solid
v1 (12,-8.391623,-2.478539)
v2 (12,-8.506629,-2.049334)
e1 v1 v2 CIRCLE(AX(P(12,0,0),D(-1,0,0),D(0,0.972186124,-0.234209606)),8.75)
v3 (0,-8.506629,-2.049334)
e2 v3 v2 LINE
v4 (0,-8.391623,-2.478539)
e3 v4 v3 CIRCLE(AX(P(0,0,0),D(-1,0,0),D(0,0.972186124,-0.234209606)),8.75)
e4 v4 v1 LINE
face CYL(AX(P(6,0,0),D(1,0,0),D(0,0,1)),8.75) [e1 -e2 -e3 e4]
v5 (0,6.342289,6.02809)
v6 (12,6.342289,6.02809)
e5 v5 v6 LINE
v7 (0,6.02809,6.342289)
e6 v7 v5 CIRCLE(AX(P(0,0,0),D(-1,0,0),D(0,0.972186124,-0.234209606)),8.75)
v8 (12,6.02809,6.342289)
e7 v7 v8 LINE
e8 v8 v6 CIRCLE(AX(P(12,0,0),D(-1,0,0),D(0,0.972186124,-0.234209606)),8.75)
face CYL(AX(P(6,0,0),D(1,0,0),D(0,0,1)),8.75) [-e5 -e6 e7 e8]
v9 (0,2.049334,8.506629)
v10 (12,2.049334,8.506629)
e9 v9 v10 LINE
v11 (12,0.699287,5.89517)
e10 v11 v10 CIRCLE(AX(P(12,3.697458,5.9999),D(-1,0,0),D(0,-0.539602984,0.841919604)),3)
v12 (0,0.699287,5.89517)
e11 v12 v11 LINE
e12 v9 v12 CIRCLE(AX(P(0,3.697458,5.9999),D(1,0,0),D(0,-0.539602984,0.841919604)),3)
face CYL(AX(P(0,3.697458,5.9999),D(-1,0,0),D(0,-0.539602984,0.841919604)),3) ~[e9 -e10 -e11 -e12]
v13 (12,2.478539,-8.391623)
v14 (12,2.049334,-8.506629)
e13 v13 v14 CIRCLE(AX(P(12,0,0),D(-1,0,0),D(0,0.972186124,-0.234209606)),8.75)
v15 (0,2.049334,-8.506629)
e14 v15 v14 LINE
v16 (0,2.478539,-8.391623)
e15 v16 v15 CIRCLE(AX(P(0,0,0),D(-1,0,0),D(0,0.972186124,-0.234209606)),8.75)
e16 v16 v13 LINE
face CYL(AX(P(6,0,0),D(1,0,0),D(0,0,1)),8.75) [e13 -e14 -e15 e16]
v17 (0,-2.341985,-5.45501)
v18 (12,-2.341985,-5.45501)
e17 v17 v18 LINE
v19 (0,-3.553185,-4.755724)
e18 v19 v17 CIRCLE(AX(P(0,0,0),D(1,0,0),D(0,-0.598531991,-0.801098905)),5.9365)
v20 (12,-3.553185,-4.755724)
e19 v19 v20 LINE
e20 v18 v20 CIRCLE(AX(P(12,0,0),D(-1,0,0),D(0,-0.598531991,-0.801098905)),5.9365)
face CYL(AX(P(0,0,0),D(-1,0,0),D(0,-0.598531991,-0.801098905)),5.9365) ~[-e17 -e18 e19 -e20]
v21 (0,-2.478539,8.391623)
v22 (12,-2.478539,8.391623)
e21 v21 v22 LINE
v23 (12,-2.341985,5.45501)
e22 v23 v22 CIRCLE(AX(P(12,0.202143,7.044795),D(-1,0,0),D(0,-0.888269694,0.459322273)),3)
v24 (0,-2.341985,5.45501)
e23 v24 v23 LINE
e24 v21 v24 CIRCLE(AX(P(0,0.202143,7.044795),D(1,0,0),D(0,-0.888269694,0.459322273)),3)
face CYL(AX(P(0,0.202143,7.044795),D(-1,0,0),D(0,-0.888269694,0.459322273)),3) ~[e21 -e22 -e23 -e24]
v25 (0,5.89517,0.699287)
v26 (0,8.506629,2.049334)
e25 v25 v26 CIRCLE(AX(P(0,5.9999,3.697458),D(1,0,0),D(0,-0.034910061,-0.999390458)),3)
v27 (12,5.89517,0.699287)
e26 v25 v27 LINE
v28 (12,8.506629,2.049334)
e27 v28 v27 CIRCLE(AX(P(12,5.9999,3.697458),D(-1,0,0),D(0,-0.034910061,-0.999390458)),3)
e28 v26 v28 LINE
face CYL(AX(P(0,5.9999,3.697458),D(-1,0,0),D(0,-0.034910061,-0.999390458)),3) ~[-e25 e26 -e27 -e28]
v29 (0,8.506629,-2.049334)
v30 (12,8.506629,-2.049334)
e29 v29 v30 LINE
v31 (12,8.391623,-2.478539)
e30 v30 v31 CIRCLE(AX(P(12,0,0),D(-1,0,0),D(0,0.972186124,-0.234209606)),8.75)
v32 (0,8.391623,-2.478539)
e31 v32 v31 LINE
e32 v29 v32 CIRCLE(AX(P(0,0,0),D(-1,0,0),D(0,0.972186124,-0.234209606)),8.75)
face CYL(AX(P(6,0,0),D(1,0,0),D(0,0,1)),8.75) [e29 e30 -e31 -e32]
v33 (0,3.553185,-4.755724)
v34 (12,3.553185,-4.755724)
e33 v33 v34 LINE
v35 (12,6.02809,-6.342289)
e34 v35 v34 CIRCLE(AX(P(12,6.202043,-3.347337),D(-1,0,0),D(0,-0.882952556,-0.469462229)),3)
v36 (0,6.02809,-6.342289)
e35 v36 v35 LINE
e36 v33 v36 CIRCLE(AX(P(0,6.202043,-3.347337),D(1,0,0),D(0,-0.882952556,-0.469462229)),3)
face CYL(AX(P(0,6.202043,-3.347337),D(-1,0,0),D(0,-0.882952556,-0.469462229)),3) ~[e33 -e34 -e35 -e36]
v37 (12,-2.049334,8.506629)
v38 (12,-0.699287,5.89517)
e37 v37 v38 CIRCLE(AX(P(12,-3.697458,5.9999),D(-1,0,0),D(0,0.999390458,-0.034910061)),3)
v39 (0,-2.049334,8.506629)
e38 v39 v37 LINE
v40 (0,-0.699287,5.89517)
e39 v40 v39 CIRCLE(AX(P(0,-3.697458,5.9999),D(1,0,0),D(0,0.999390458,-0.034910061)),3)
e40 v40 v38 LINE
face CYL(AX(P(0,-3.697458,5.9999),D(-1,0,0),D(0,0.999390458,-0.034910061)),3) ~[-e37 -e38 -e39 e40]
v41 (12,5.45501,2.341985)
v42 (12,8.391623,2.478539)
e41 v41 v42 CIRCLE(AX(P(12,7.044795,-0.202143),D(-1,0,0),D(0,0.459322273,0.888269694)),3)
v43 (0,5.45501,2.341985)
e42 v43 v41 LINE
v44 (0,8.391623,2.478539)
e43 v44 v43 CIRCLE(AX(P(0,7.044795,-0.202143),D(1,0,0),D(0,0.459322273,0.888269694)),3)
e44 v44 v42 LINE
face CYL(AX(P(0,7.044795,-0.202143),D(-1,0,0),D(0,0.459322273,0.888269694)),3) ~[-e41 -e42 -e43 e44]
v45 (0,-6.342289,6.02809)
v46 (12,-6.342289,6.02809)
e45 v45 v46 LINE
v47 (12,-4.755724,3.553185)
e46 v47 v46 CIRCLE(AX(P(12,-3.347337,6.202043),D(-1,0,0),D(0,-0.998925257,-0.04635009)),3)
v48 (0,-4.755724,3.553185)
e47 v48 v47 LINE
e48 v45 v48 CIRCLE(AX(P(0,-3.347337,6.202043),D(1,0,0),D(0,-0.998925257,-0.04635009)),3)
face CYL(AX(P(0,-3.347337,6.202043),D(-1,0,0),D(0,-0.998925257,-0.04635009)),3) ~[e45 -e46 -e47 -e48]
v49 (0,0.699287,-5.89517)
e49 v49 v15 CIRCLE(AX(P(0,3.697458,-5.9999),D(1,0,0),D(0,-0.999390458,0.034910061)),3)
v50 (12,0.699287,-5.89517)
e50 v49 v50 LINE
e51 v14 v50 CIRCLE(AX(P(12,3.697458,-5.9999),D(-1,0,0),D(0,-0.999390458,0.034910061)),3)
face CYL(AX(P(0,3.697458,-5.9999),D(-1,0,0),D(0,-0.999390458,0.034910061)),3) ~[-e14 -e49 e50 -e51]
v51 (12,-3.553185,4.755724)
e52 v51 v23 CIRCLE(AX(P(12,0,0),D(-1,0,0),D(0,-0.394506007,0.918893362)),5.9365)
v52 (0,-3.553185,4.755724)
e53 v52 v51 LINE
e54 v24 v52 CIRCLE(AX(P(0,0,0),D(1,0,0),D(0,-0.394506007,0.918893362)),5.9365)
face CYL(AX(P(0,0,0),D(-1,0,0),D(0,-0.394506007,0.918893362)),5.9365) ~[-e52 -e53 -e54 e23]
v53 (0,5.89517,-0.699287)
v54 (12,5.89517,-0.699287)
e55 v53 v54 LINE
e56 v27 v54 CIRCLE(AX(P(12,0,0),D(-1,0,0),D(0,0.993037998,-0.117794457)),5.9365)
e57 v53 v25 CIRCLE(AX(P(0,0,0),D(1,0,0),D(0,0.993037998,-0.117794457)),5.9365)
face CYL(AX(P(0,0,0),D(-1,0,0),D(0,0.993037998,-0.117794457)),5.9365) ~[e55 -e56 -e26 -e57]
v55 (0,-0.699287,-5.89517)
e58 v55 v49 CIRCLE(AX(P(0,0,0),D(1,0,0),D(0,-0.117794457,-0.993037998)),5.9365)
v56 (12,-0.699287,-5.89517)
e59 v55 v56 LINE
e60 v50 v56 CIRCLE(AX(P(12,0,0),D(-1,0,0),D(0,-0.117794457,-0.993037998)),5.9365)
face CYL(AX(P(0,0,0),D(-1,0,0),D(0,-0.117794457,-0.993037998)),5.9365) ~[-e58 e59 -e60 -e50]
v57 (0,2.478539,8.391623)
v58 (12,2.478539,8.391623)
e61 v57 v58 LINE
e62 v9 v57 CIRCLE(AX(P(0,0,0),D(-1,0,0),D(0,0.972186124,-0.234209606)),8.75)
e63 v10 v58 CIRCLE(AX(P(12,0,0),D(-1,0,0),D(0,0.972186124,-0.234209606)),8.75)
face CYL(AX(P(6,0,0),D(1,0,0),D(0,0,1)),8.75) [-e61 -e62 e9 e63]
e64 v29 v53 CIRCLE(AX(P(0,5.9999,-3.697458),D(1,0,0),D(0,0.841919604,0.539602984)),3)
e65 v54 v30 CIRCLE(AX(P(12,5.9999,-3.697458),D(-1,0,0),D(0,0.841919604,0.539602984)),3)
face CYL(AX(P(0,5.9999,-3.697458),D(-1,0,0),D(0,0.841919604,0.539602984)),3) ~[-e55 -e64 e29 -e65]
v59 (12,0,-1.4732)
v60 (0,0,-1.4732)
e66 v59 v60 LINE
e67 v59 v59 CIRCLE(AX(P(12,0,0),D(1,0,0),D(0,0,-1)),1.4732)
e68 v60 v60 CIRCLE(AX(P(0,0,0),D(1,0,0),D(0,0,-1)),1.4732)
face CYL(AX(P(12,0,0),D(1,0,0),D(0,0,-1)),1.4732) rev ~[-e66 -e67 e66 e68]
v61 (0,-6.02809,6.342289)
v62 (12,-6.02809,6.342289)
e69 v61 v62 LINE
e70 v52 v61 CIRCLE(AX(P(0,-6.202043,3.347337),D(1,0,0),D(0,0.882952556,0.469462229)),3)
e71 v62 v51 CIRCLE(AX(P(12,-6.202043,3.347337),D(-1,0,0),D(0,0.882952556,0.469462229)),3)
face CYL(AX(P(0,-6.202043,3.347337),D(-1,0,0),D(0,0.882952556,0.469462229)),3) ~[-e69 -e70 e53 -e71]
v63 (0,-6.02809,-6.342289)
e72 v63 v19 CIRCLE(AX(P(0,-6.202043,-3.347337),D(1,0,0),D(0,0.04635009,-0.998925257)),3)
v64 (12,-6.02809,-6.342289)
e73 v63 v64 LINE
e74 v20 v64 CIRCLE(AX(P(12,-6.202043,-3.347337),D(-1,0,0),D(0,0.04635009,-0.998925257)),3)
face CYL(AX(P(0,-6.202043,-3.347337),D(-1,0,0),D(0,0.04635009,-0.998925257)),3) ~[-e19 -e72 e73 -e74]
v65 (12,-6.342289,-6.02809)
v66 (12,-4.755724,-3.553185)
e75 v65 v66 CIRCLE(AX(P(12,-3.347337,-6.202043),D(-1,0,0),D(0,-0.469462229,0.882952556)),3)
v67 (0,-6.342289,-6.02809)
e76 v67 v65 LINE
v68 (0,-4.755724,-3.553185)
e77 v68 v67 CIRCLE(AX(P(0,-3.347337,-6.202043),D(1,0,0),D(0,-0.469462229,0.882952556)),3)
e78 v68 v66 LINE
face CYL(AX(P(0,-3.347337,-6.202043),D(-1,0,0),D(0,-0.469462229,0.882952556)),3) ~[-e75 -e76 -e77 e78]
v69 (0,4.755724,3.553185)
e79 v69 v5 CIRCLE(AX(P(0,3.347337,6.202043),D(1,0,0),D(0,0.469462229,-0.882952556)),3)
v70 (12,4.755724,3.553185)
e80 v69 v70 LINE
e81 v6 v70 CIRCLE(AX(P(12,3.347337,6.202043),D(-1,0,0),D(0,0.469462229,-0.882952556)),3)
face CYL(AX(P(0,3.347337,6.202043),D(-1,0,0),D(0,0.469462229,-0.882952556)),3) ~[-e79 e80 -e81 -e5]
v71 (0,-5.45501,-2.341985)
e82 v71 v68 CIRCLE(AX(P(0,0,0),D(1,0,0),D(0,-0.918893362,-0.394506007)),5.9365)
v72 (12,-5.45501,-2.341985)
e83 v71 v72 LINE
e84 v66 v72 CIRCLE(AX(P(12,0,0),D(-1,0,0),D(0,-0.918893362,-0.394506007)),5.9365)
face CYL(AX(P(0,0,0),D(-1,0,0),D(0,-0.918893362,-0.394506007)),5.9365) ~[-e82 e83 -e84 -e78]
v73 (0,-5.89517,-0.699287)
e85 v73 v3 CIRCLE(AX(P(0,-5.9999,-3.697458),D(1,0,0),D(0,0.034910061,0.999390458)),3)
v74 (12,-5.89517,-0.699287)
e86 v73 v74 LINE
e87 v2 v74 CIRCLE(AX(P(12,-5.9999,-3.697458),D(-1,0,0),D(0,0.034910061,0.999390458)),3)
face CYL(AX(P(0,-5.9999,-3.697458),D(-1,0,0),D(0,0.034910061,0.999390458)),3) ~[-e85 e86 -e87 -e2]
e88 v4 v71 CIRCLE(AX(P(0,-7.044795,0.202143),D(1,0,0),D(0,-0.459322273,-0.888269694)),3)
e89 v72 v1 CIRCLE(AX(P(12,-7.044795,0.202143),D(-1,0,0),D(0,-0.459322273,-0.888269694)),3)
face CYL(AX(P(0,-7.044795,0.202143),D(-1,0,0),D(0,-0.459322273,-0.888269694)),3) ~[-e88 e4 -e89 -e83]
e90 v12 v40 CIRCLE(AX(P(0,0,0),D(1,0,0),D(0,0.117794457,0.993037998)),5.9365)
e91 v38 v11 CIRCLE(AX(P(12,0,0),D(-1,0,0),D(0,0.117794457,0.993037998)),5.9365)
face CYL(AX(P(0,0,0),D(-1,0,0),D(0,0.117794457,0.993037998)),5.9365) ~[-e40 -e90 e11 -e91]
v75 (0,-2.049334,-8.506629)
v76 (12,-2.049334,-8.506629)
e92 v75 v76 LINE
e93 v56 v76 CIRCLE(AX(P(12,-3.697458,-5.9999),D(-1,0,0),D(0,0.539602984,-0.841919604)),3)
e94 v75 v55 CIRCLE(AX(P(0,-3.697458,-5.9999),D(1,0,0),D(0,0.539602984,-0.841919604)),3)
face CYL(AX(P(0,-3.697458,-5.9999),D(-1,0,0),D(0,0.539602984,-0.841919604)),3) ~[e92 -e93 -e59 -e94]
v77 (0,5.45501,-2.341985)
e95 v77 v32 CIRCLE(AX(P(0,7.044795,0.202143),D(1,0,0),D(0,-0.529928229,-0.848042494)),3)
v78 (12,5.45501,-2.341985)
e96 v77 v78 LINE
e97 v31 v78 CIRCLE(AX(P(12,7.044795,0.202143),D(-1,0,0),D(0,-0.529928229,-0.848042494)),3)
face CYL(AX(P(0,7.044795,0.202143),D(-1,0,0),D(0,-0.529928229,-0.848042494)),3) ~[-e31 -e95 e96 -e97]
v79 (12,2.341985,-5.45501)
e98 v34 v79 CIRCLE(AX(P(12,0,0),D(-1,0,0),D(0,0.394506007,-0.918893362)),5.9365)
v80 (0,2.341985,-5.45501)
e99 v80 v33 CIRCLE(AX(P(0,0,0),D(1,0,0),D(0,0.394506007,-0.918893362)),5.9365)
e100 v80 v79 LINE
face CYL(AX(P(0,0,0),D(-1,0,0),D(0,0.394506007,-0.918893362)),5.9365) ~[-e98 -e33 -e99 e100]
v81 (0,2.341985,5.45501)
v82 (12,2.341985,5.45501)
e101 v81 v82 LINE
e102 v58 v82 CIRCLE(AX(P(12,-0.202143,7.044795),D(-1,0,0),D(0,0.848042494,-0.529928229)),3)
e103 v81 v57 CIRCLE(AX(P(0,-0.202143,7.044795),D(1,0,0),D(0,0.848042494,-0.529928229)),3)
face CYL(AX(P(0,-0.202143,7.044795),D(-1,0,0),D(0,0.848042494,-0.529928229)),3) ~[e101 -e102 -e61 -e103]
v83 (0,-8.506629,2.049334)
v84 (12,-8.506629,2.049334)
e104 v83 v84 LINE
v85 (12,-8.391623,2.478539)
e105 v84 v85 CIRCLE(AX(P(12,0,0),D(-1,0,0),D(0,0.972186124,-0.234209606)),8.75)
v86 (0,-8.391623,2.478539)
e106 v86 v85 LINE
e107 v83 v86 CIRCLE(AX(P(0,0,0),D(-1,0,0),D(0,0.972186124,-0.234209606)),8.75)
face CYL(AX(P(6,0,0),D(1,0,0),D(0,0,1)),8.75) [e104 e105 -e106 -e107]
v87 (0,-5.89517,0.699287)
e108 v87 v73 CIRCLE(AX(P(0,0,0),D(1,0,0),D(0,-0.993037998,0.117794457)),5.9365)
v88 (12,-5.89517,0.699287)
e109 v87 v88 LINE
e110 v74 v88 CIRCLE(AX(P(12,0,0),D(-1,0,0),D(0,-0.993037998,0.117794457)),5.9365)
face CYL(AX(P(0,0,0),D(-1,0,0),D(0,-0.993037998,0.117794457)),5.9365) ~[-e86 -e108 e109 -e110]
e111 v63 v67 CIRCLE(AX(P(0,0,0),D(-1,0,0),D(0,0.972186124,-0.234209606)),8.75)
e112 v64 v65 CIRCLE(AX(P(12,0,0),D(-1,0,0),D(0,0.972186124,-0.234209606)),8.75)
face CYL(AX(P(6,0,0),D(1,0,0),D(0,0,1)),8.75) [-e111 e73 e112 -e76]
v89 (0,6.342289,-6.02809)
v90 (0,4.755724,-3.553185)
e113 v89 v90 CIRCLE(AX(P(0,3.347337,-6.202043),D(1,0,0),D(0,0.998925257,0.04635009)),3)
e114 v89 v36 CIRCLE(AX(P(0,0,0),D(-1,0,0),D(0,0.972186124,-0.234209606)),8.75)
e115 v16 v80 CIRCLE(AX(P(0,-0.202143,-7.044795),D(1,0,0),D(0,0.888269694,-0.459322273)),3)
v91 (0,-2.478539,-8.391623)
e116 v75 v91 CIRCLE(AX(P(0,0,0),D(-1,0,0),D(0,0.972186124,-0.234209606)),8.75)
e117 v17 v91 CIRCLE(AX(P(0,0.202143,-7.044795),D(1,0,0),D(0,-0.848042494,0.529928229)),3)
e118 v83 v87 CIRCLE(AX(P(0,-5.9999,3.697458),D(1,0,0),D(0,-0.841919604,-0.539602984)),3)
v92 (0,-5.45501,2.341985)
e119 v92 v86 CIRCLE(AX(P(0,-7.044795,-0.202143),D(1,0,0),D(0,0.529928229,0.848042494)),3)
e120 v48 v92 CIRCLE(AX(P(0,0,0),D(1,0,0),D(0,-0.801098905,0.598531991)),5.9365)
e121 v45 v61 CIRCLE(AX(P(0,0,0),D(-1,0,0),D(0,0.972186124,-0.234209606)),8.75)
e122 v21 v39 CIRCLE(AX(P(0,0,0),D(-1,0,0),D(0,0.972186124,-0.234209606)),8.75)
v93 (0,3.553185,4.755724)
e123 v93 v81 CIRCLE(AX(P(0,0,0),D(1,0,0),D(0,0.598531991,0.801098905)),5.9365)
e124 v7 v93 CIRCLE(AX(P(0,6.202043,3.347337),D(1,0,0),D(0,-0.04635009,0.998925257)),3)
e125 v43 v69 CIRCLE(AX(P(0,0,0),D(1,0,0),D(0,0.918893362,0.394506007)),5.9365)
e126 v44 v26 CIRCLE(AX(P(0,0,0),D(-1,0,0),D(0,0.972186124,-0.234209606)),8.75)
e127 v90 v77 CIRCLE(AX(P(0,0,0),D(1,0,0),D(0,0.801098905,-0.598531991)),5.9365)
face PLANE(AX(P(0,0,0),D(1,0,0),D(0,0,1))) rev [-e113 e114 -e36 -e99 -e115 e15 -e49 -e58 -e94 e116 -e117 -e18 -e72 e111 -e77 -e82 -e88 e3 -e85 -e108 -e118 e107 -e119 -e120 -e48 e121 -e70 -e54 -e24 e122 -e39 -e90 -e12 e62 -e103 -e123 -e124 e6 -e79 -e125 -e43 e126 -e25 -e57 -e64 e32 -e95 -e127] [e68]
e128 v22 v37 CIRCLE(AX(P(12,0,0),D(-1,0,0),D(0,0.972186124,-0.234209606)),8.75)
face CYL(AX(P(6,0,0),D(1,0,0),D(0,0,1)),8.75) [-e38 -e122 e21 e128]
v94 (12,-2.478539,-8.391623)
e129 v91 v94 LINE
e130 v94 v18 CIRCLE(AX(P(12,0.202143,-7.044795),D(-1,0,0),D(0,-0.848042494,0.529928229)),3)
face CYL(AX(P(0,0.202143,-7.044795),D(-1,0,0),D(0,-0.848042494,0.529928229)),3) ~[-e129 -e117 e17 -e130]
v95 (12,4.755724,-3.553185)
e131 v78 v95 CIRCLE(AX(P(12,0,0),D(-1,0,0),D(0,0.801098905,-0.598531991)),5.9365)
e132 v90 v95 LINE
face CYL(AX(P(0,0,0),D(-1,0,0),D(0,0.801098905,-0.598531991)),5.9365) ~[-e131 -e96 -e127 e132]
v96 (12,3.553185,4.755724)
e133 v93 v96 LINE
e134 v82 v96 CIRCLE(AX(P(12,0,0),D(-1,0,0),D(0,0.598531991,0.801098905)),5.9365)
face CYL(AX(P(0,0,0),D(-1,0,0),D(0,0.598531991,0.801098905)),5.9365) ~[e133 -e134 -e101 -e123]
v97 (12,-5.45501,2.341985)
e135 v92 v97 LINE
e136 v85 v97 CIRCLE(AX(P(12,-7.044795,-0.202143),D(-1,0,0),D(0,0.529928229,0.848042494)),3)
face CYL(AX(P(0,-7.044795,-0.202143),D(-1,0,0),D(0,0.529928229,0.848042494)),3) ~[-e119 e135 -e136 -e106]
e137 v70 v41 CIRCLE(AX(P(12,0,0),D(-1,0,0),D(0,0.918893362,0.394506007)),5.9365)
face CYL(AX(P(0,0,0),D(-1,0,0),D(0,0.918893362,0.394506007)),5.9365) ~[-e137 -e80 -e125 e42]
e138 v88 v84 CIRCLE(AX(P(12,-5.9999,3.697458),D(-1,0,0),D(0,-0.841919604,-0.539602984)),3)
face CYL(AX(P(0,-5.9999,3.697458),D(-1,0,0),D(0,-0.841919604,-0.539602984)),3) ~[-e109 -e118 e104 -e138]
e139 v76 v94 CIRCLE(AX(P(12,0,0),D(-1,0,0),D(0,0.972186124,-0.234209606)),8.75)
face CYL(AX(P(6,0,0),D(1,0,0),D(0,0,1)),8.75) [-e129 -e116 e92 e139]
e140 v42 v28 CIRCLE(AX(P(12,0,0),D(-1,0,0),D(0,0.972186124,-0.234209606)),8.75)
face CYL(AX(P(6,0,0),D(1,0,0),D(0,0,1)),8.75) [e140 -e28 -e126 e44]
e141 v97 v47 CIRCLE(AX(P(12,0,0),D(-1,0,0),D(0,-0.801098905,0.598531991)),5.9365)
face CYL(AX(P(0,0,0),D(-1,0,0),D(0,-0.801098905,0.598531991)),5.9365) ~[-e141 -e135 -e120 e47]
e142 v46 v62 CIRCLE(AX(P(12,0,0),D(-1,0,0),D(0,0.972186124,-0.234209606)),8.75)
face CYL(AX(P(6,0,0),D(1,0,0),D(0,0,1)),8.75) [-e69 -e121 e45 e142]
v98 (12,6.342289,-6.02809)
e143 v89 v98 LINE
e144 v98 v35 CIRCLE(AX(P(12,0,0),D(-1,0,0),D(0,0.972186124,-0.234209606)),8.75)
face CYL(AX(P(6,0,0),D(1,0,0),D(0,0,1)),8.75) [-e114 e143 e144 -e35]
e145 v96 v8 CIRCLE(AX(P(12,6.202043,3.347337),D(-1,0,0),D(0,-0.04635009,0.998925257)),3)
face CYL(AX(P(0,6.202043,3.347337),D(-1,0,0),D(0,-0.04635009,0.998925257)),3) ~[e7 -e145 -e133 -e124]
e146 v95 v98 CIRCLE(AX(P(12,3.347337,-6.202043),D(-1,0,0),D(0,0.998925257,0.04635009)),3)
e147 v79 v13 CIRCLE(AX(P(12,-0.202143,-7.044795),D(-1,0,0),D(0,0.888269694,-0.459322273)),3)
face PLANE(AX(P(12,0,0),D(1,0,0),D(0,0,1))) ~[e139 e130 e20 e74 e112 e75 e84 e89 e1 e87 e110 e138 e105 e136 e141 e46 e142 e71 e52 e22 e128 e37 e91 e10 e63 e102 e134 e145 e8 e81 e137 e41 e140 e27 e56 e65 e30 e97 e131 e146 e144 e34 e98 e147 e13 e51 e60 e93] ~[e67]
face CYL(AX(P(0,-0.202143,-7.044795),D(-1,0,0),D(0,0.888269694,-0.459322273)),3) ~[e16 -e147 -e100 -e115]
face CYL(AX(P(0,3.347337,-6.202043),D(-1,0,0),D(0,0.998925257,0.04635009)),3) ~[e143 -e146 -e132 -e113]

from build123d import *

# Parameters (mm, degrees)
BASPROSKE_W        = 12
BASPROSKE_H        = 8.75
TOOTHCUT_DEPTH     = 18.237314176
TEETHCUTS_COUNT    = 12
TEETHCUTS_ANGLE    = 330
BORSKE_R           = 0.4
BORE_DEPTH         = 50.0000508
SKETCH3_R          = 1.4732
CUT_EXTRUDE1_DEPTH = 17.991923373


with BuildPart() as part:
    # BasProSke → Base-Revolve (revolve)
    with BuildSketch(Plane(origin=(0, 0, 0), x_dir=(1, 0, 0), z_dir=(0, 1, 0)), mode=Mode.PRIVATE) as base_revolve_sk:
        with Locations((6, 4.375)):
            Rectangle(BASPROSKE_W, BASPROSKE_H)
    revolve(base_revolve_sk.sketch.rotate(Axis((-10, 0, 0), (1, 0, 0)), 180), axis=Axis((-10, 0, 0), (1, 0, 0)))

    # TooCutSke → ToothCut (cut, through all)
    with BuildSketch(Plane(origin=(0, 0, 0), x_dir=(0, 0, -1), z_dir=(1, 0, 0))):
        with BuildLine():
            ThreePointArc((0.699286786, 5.895170077), (0, 5.9365), (-0.699286786, 5.895170077))
            ThreePointArc((-0.699286786, 5.895170077), (-1.040581249, 7.393099844), (-2.078649209, 8.525659073))
            ThreePointArc((-2.078649209, 8.525659073), (0, 8.7754), (2.078649209, 8.525659073))
            ThreePointArc((2.078649209, 8.525659073), (1.040581249, 7.393099844), (0.699286786, 5.895170077))
        make_face()
    toothcut = extrude(amount=TOOTHCUT_DEPTH, mode=Mode.SUBTRACT)

    # TeethCuts: ToothCut ×12 about axis
    teethcuts_axis = Axis((-10, 0, 0), (1, 0, 0))
    for i in range(1, TEETHCUTS_COUNT):
        add(toothcut.rotate(teethcuts_axis, i * TEETHCUTS_ANGLE / (TEETHCUTS_COUNT - 1)), mode=Mode.SUBTRACT)

    # BorSke → Bore (cut, symmetric)
    with BuildSketch(Plane(origin=(0, 0, 0), x_dir=(0, 0, -1), z_dir=(1, 0, 0))):
        with Locations(Location((0, 0, 0), (0, 0, 180))):
            Circle(BORSKE_R)
    extrude(amount=BORE_DEPTH, both=True, mode=Mode.SUBTRACT)

    # Sketch3 → Cut-Extrude1 (cut, through all)
    with BuildSketch(Plane(origin=(12, 0, 0), x_dir=(0, 0, -1), z_dir=(1, 0, 0))):
        Circle(SKETCH3_R)
    extrude(amount=-CUT_EXTRUDE1_DEPTH, mode=Mode.SUBTRACT)


solid = part.part
